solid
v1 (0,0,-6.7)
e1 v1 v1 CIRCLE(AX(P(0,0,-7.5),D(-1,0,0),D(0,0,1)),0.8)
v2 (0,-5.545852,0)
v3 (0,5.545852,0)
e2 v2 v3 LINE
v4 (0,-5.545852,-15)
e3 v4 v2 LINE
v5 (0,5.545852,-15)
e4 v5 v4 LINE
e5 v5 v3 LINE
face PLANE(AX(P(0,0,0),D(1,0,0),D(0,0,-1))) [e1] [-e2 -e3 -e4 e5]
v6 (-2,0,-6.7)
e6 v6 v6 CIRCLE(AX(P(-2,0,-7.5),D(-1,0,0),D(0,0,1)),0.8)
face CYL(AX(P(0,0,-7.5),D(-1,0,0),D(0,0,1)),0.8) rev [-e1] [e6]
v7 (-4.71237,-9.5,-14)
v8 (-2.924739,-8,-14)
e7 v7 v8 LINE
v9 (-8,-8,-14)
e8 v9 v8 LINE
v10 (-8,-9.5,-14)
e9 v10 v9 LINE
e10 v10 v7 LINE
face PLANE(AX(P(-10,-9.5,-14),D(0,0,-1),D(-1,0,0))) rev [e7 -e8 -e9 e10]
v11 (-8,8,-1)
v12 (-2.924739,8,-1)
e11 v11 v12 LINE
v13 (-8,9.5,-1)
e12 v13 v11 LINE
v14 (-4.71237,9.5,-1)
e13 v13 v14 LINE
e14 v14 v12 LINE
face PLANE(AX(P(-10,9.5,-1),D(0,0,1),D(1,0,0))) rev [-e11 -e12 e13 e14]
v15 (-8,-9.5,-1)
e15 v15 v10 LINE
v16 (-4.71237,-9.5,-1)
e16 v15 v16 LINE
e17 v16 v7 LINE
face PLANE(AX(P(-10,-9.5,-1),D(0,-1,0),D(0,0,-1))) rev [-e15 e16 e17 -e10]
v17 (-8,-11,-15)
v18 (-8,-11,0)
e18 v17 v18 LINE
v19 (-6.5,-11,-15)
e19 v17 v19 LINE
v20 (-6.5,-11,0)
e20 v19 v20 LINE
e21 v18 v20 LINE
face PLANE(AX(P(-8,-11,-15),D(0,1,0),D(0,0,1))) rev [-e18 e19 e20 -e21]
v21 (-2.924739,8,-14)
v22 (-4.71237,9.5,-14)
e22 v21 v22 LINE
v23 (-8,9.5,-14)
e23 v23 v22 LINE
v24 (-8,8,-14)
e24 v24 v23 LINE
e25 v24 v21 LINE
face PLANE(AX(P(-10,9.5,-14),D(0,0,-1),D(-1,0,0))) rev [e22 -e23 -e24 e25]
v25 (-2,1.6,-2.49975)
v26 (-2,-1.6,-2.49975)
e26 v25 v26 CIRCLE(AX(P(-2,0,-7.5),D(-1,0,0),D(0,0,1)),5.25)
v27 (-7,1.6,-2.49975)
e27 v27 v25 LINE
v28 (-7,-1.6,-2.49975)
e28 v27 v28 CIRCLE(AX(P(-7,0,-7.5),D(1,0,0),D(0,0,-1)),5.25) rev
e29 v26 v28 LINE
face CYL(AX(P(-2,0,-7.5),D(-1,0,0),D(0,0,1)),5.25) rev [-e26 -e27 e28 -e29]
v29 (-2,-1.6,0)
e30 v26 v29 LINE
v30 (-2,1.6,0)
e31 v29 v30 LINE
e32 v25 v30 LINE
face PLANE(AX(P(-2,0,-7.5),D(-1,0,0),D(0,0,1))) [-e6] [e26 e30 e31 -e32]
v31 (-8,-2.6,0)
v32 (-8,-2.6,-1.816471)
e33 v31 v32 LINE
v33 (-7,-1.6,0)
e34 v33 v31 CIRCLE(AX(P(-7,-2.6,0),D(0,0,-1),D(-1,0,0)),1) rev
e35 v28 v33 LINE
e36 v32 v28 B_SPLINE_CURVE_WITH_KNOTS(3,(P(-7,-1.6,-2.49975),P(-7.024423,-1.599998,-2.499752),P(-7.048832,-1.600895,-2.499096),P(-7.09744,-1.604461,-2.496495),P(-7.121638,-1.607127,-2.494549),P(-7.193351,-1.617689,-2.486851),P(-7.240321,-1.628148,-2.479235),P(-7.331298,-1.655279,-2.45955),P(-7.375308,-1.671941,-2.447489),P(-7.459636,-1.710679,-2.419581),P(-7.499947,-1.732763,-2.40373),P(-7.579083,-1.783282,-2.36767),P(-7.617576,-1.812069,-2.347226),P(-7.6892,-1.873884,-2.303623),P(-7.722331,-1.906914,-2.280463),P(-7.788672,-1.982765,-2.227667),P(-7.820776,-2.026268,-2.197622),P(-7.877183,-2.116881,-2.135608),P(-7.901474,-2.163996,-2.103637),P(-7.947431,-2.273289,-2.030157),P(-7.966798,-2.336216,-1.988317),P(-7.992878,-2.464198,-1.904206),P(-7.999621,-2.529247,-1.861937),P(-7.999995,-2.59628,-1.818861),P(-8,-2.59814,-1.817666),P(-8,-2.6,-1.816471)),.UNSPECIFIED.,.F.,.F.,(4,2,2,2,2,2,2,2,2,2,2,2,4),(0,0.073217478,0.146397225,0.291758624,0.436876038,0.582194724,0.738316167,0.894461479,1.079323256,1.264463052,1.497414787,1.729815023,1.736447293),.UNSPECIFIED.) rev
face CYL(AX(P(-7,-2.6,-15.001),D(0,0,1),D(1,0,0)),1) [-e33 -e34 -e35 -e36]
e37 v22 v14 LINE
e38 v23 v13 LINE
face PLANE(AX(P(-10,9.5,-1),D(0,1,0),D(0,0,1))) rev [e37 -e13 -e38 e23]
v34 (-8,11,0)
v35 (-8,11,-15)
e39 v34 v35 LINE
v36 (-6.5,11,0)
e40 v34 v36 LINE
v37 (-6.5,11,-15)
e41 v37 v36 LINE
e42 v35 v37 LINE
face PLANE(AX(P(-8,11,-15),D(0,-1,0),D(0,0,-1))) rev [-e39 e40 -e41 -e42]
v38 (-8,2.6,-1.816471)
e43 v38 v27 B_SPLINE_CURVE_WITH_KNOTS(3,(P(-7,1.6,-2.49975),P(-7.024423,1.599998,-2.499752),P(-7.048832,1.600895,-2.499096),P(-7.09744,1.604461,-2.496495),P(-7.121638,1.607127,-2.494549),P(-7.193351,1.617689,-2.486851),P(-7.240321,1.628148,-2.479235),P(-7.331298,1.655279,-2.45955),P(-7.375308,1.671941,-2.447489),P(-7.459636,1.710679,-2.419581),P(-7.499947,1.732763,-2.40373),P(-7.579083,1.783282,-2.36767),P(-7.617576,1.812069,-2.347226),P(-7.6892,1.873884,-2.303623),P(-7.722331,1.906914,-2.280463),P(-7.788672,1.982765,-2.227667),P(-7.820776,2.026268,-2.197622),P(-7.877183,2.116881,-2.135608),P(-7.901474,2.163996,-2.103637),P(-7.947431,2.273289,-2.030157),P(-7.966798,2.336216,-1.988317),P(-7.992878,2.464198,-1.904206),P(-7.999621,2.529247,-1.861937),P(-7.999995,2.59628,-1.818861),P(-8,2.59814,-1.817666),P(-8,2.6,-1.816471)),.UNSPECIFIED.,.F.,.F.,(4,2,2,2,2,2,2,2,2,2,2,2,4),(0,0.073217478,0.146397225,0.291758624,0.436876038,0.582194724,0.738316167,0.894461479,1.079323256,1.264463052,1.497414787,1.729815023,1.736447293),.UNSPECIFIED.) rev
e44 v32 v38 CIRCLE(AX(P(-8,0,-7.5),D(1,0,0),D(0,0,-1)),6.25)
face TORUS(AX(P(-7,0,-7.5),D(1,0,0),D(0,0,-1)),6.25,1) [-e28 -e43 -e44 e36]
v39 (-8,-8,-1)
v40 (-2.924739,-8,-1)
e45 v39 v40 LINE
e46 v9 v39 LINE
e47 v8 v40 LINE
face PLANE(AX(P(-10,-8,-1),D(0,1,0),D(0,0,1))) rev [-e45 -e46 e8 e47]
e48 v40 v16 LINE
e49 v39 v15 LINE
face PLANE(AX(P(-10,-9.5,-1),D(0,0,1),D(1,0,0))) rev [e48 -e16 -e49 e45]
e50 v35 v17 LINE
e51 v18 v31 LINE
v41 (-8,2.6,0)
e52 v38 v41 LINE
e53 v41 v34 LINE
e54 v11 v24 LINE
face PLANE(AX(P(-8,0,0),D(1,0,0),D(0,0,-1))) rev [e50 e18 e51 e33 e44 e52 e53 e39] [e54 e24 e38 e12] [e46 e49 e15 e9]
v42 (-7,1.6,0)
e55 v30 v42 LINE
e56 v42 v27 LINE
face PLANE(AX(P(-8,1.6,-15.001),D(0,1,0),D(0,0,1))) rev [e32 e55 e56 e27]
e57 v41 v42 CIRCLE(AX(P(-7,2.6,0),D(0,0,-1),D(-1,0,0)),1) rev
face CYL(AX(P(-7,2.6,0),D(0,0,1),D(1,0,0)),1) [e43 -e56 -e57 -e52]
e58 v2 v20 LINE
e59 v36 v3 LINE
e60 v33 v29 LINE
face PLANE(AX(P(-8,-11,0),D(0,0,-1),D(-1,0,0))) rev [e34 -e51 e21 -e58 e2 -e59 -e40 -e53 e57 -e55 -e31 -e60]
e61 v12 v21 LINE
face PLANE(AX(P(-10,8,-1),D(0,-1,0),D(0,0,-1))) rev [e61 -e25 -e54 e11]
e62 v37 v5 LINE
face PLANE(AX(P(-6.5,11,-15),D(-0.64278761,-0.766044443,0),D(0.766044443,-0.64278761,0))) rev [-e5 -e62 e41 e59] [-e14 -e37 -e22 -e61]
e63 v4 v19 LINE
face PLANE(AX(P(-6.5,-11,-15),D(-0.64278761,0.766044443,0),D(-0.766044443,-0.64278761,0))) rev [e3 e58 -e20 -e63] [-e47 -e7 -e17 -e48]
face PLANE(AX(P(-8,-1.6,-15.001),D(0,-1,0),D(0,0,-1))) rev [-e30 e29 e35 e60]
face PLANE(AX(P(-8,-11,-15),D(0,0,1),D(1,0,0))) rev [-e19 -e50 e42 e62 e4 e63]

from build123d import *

# Parameters (mm, degrees)
SKETCH1_W               = 15
SKETCH1_H               = 22
BOSS_EXTRUDE1_DEPTH     = 8
SKETCH2_R               = 5.25
CUT_EXTRUDE1_DEPTH      = 6
CUT_EXTRUDE2_REACH      = 24.694
CUT_EXTRUDE2_END_RADIUS = 5.25
SKETCH3_W               = 6
SKETCH3_H               = 3.2
SKETCH4_W               = 13
SKETCH4_H               = 1.5
CUT_EXTRUDE3_DEPTH      = 10
SKETCH5_R               = 0.8
CUT_EXTRUDE4_DEPTH      = 20.544820286
CUT_EXTRUDE5_DEPTH      = 21.248456731
FILLET1_R               = 1


with BuildPart() as part:
    # Sketch1 → Boss-Extrude1 (new body)
    with BuildSketch(Plane(origin=(0, 0, -7.5), x_dir=(0, 0, 1), z_dir=(-1, 0, 0))):
        Rectangle(SKETCH1_W, SKETCH1_H)
    extrude(amount=BOSS_EXTRUDE1_DEPTH)

    # Sketch2 → Cut-Extrude1 (cut)
    with BuildSketch(Plane.ZY.offset(8)):
        with Locations((-7.5, 0)):
            Circle(SKETCH2_R)
    extrude(amount=-CUT_EXTRUDE1_DEPTH, mode=Mode.SUBTRACT)

    # Cut-Extrude2: up to this cylinder (the profile starts outside it)
    cut_extrude2_end = Plane(origin=(-5, 0, -7.5), z_dir=(-1, 0, 0)) * Cylinder(CUT_EXTRUDE2_END_RADIUS, 60.888, mode=Mode.PRIVATE)
    # Sketch3 → Cut-Extrude2 (cut, up to the surface)
    with BuildSketch(Plane(origin=(5, 0, 0), x_dir=(1, 0, 0), z_dir=(0, 0, 1)), mode=Mode.PRIVATE) as cut_extrude2_sk1:
        with Locations((-10, 0)):
            Rectangle(SKETCH3_W, SKETCH3_H)
    cut_extrude2_tool1 = extrude(cut_extrude2_sk1.sketch, amount=-CUT_EXTRUDE2_REACH, mode=Mode.PRIVATE) - cut_extrude2_end
    add(cut_extrude2_tool1.solids().sort_by_distance((-5, 0, 0))[0], mode=Mode.SUBTRACT)

    # Sketch4 → Cut-Extrude3 (cut)
    with BuildSketch(Plane(origin=(0, 0, 0), x_dir=(0, 0, -1), z_dir=(1, 0, 0))):
        with Locations((7.5, 8.75)):
            Rectangle(SKETCH4_W, SKETCH4_H)
        with Locations((7.5, -8.75)):
            Rectangle(SKETCH4_W, SKETCH4_H)
    extrude(amount=-CUT_EXTRUDE3_DEPTH, mode=Mode.SUBTRACT)

    # Sketch5 → Cut-Extrude4 (cut, through all)
    with BuildSketch(Plane.ZY.offset(2)):
        with Locations((-7.5, 0)):
            Circle(SKETCH5_R)
    extrude(amount=-CUT_EXTRUDE4_DEPTH, mode=Mode.SUBTRACT)

    # Sketch6 → Cut-Extrude5 (cut, through all)
    with BuildSketch(Plane.XY):
        Polygon((0, -11), (-6.5, -11), (0, -5.545852397), align=None)
        Polygon((0, 11), (-6.5, 11), (0, 5.545852397), align=None)
    extrude(amount=-CUT_EXTRUDE5_DEPTH, mode=Mode.SUBTRACT)

    # Fillet1
    fillet1_edges = [part.edges().sort_by_distance(p)[0] for p in [
        (-8, 0, -12.75),
        (-8, 1.6, -1.249875003),
        (-8, -1.6, -1.249875003),
    ]]
    fillet(fillet1_edges, radius=FILLET1_R)


solid = part.part
